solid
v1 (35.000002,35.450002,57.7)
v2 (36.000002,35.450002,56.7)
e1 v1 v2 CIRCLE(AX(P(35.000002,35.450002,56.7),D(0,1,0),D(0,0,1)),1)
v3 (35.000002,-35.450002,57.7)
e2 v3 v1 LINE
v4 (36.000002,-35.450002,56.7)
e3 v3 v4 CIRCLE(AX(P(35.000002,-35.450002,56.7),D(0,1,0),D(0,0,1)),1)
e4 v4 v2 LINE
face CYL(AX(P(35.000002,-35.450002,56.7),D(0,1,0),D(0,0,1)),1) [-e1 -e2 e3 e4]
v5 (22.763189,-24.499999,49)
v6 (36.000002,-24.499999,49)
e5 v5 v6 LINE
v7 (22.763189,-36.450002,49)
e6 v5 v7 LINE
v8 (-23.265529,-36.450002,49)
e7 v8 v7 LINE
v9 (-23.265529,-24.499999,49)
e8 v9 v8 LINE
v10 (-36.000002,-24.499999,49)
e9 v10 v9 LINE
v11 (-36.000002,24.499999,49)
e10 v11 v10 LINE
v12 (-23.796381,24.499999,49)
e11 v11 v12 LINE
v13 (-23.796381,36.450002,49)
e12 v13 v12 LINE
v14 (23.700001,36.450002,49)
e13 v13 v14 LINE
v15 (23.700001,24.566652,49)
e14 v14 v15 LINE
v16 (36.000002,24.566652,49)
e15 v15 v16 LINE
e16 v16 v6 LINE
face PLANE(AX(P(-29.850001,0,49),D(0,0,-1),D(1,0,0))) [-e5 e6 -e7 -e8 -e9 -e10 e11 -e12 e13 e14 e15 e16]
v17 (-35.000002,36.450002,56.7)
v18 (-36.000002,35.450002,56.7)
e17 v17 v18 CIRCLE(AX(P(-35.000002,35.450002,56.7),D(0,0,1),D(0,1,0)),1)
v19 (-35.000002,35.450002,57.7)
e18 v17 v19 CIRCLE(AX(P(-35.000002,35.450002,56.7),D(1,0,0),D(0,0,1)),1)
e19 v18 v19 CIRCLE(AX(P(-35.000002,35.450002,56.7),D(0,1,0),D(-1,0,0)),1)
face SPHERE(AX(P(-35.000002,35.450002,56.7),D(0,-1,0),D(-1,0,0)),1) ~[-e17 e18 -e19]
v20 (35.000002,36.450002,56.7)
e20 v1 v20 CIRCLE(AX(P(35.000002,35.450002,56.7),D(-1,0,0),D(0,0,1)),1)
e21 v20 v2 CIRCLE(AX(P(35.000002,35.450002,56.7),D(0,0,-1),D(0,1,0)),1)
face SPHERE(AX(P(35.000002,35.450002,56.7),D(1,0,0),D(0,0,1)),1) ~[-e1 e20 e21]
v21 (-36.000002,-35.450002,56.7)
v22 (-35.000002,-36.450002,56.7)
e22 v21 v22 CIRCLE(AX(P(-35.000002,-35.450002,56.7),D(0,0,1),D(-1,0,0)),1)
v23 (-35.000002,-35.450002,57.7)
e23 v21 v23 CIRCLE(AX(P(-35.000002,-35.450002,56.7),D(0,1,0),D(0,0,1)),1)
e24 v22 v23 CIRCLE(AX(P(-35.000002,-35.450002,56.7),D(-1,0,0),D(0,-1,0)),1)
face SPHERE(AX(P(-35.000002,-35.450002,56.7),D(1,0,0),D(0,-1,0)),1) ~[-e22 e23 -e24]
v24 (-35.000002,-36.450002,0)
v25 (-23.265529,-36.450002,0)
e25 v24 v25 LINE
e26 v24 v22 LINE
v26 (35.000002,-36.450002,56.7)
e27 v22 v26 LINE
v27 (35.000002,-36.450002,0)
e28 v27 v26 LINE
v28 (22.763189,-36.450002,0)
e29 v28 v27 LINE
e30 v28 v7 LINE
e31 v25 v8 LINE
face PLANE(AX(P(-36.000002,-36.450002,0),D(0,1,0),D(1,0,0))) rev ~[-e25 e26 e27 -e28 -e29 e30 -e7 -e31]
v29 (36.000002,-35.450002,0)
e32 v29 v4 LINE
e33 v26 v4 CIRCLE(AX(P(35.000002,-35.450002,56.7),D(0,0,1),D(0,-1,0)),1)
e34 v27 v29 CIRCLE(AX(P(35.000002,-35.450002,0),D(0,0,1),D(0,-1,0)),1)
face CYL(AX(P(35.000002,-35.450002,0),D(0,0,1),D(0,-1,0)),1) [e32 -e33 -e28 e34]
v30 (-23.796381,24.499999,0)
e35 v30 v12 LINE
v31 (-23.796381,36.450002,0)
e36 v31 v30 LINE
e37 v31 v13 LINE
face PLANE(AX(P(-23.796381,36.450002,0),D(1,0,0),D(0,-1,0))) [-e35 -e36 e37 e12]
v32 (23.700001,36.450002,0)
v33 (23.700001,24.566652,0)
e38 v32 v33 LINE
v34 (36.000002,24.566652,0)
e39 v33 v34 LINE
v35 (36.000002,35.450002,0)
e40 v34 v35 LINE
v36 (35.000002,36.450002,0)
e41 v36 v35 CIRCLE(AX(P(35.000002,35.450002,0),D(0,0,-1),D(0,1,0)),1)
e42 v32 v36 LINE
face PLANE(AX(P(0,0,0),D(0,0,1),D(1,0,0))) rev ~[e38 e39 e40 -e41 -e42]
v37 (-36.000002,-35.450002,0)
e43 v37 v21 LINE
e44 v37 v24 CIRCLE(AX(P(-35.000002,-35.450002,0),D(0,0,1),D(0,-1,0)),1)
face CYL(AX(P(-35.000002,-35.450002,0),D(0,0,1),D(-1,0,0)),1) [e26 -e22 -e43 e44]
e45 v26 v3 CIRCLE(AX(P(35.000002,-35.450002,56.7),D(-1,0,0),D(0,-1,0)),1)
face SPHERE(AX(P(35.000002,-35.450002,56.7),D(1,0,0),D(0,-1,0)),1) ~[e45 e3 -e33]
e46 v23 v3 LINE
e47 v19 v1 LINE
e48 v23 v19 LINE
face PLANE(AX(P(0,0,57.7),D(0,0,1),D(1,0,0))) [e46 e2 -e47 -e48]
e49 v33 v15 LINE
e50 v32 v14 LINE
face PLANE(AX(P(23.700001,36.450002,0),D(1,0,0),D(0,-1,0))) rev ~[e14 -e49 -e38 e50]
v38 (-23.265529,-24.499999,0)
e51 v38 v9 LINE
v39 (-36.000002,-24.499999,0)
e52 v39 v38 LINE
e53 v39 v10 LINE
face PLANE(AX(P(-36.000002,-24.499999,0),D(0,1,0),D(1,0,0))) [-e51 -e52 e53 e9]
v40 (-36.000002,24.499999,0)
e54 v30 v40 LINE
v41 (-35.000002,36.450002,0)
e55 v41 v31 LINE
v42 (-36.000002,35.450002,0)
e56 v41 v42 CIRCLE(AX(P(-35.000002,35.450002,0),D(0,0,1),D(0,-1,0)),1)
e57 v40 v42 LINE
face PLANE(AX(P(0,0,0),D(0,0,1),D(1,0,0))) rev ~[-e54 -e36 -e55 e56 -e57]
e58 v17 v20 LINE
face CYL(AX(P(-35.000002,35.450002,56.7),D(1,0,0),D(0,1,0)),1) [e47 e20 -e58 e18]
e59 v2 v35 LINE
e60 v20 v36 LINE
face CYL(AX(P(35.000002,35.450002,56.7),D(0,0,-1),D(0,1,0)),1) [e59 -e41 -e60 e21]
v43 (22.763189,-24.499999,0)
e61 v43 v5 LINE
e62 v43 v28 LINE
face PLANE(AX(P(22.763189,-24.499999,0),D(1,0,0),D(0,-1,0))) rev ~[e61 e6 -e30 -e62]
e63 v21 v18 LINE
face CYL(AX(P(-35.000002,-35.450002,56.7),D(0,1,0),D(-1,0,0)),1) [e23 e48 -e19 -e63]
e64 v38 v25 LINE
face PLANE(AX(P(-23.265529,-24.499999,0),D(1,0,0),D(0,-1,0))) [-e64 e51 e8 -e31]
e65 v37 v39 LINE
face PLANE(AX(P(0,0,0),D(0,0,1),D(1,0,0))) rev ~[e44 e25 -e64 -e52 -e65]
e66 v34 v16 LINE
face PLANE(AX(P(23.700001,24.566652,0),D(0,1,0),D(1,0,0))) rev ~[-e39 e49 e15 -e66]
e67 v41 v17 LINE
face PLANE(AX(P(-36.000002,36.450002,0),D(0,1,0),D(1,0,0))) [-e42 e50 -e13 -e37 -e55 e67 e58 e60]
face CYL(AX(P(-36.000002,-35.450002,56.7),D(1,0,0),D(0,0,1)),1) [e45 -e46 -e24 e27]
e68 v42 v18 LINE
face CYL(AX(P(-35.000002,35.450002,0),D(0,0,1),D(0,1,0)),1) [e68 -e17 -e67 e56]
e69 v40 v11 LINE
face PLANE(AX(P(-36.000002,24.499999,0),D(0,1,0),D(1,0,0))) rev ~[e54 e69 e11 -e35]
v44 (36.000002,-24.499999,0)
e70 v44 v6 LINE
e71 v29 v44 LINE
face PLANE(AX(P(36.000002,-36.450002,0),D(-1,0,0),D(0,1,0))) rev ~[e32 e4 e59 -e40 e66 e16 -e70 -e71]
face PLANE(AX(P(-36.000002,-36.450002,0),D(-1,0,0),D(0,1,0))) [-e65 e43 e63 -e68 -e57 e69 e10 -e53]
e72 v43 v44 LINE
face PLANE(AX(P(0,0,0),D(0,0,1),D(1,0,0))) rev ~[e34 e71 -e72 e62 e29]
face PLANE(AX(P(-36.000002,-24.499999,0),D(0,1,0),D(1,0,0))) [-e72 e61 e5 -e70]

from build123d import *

# Parameters (mm, degrees)
F0_W      = 72.0000043511
F0_H      = 72.9000046849
F1_DEPTH  = 57.7
F2_W      = 47.4000014365
F2_H      = 48.9999987185
F3_DEPTH  = 49
F4_W      = 12.3000014573
F4_H      = 48.9999987185
F5_DEPTH  = 49
F6_W      = 12.3000014573
F6_H      = 49.0666516125
F7_DEPTH  = 49
F8_W      = 47.4963821471
F8_H      = 11.9500029832
F9_DEPTH  = 49
F10_W     = 46.0287183523
F10_H     = 11.9500029832
F11_DEPTH = 49
F12_R     = 1
F13_R     = 1
F14_R     = 1
F15_R     = 1


with BuildPart() as f1:
    # F0 (on Top) → F1 (new body)
    with BuildSketch(Plane.XY):
        Rectangle(F0_W, F0_H)
    extrude(amount=F1_DEPTH)

    # F2 (on face) → F3 (cut)
    with BuildSketch(Plane(origin=(0, 0, 0), x_dir=(1, 0, 0), z_dir=(0, 0, -1))):
        Rectangle(F2_W, F2_H)
    extrude(amount=-F3_DEPTH, mode=Mode.SUBTRACT)

    # F4 (on face) → F5 (cut)
    with BuildSketch(Plane(origin=(0, 0, 0), x_dir=(1, 0, 0), z_dir=(0, 0, -1))):
        with Locations((-29.8500014469, 0)):
            Rectangle(F4_W, F4_H)
    extrude(amount=-F5_DEPTH, mode=Mode.SUBTRACT)

    # F6 (on face) → F7 (cut)
    with BuildSketch(Plane(origin=(0, 0, 0), x_dir=(1, 0, 0), z_dir=(0, 0, -1))):
        with Locations((29.8500014469, -0.033326447)):
            Rectangle(F6_W, F6_H)
    extrude(amount=-F7_DEPTH, mode=Mode.SUBTRACT)

    # F8 (on face) → F9 (cut)
    with BuildSketch(Plane(origin=(0, 0, 0), x_dir=(1, 0, 0), z_dir=(0, 0, -1))):
        with Locations((-0.0481903553, -30.4750008509)):
            Rectangle(F8_W, F8_H)
    extrude(amount=-F9_DEPTH, mode=Mode.SUBTRACT)

    # F10 (on face) → F11 (cut)
    with BuildSketch(Plane(origin=(0, 0, 0), x_dir=(1, 0, 0), z_dir=(0, 0, -1))):
        with Locations((-0.2511702478, 30.4750008509)):
            Rectangle(F10_W, F10_H)
    extrude(amount=-F11_DEPTH, mode=Mode.SUBTRACT)

    # F12
    f12_edges = [f1.edges().sort_by_distance(p)[0] for p in [
        (0, -36.450002, 57.7),
    ]]
    fillet(f12_edges, radius=F12_R)

    # F13
    f13_edges = [f1.edges().sort_by_distance(p)[0] for p in [
        (-36.000002, 0.5, 57.7),
    ]]
    fillet(f13_edges, radius=F13_R)

    # F14
    f14_edges = [f1.edges().sort_by_distance(p)[0] for p in [
        (0.5, 36.450002, 57.7),
    ]]
    fillet(f14_edges, radius=F14_R)

    # F15
    f15_edges = [f1.edges().sort_by_distance(p)[0] for p in [
        (36.000002, 0, 57.7),
    ]]
    fillet(f15_edges, radius=F15_R)


solid = f1.part
